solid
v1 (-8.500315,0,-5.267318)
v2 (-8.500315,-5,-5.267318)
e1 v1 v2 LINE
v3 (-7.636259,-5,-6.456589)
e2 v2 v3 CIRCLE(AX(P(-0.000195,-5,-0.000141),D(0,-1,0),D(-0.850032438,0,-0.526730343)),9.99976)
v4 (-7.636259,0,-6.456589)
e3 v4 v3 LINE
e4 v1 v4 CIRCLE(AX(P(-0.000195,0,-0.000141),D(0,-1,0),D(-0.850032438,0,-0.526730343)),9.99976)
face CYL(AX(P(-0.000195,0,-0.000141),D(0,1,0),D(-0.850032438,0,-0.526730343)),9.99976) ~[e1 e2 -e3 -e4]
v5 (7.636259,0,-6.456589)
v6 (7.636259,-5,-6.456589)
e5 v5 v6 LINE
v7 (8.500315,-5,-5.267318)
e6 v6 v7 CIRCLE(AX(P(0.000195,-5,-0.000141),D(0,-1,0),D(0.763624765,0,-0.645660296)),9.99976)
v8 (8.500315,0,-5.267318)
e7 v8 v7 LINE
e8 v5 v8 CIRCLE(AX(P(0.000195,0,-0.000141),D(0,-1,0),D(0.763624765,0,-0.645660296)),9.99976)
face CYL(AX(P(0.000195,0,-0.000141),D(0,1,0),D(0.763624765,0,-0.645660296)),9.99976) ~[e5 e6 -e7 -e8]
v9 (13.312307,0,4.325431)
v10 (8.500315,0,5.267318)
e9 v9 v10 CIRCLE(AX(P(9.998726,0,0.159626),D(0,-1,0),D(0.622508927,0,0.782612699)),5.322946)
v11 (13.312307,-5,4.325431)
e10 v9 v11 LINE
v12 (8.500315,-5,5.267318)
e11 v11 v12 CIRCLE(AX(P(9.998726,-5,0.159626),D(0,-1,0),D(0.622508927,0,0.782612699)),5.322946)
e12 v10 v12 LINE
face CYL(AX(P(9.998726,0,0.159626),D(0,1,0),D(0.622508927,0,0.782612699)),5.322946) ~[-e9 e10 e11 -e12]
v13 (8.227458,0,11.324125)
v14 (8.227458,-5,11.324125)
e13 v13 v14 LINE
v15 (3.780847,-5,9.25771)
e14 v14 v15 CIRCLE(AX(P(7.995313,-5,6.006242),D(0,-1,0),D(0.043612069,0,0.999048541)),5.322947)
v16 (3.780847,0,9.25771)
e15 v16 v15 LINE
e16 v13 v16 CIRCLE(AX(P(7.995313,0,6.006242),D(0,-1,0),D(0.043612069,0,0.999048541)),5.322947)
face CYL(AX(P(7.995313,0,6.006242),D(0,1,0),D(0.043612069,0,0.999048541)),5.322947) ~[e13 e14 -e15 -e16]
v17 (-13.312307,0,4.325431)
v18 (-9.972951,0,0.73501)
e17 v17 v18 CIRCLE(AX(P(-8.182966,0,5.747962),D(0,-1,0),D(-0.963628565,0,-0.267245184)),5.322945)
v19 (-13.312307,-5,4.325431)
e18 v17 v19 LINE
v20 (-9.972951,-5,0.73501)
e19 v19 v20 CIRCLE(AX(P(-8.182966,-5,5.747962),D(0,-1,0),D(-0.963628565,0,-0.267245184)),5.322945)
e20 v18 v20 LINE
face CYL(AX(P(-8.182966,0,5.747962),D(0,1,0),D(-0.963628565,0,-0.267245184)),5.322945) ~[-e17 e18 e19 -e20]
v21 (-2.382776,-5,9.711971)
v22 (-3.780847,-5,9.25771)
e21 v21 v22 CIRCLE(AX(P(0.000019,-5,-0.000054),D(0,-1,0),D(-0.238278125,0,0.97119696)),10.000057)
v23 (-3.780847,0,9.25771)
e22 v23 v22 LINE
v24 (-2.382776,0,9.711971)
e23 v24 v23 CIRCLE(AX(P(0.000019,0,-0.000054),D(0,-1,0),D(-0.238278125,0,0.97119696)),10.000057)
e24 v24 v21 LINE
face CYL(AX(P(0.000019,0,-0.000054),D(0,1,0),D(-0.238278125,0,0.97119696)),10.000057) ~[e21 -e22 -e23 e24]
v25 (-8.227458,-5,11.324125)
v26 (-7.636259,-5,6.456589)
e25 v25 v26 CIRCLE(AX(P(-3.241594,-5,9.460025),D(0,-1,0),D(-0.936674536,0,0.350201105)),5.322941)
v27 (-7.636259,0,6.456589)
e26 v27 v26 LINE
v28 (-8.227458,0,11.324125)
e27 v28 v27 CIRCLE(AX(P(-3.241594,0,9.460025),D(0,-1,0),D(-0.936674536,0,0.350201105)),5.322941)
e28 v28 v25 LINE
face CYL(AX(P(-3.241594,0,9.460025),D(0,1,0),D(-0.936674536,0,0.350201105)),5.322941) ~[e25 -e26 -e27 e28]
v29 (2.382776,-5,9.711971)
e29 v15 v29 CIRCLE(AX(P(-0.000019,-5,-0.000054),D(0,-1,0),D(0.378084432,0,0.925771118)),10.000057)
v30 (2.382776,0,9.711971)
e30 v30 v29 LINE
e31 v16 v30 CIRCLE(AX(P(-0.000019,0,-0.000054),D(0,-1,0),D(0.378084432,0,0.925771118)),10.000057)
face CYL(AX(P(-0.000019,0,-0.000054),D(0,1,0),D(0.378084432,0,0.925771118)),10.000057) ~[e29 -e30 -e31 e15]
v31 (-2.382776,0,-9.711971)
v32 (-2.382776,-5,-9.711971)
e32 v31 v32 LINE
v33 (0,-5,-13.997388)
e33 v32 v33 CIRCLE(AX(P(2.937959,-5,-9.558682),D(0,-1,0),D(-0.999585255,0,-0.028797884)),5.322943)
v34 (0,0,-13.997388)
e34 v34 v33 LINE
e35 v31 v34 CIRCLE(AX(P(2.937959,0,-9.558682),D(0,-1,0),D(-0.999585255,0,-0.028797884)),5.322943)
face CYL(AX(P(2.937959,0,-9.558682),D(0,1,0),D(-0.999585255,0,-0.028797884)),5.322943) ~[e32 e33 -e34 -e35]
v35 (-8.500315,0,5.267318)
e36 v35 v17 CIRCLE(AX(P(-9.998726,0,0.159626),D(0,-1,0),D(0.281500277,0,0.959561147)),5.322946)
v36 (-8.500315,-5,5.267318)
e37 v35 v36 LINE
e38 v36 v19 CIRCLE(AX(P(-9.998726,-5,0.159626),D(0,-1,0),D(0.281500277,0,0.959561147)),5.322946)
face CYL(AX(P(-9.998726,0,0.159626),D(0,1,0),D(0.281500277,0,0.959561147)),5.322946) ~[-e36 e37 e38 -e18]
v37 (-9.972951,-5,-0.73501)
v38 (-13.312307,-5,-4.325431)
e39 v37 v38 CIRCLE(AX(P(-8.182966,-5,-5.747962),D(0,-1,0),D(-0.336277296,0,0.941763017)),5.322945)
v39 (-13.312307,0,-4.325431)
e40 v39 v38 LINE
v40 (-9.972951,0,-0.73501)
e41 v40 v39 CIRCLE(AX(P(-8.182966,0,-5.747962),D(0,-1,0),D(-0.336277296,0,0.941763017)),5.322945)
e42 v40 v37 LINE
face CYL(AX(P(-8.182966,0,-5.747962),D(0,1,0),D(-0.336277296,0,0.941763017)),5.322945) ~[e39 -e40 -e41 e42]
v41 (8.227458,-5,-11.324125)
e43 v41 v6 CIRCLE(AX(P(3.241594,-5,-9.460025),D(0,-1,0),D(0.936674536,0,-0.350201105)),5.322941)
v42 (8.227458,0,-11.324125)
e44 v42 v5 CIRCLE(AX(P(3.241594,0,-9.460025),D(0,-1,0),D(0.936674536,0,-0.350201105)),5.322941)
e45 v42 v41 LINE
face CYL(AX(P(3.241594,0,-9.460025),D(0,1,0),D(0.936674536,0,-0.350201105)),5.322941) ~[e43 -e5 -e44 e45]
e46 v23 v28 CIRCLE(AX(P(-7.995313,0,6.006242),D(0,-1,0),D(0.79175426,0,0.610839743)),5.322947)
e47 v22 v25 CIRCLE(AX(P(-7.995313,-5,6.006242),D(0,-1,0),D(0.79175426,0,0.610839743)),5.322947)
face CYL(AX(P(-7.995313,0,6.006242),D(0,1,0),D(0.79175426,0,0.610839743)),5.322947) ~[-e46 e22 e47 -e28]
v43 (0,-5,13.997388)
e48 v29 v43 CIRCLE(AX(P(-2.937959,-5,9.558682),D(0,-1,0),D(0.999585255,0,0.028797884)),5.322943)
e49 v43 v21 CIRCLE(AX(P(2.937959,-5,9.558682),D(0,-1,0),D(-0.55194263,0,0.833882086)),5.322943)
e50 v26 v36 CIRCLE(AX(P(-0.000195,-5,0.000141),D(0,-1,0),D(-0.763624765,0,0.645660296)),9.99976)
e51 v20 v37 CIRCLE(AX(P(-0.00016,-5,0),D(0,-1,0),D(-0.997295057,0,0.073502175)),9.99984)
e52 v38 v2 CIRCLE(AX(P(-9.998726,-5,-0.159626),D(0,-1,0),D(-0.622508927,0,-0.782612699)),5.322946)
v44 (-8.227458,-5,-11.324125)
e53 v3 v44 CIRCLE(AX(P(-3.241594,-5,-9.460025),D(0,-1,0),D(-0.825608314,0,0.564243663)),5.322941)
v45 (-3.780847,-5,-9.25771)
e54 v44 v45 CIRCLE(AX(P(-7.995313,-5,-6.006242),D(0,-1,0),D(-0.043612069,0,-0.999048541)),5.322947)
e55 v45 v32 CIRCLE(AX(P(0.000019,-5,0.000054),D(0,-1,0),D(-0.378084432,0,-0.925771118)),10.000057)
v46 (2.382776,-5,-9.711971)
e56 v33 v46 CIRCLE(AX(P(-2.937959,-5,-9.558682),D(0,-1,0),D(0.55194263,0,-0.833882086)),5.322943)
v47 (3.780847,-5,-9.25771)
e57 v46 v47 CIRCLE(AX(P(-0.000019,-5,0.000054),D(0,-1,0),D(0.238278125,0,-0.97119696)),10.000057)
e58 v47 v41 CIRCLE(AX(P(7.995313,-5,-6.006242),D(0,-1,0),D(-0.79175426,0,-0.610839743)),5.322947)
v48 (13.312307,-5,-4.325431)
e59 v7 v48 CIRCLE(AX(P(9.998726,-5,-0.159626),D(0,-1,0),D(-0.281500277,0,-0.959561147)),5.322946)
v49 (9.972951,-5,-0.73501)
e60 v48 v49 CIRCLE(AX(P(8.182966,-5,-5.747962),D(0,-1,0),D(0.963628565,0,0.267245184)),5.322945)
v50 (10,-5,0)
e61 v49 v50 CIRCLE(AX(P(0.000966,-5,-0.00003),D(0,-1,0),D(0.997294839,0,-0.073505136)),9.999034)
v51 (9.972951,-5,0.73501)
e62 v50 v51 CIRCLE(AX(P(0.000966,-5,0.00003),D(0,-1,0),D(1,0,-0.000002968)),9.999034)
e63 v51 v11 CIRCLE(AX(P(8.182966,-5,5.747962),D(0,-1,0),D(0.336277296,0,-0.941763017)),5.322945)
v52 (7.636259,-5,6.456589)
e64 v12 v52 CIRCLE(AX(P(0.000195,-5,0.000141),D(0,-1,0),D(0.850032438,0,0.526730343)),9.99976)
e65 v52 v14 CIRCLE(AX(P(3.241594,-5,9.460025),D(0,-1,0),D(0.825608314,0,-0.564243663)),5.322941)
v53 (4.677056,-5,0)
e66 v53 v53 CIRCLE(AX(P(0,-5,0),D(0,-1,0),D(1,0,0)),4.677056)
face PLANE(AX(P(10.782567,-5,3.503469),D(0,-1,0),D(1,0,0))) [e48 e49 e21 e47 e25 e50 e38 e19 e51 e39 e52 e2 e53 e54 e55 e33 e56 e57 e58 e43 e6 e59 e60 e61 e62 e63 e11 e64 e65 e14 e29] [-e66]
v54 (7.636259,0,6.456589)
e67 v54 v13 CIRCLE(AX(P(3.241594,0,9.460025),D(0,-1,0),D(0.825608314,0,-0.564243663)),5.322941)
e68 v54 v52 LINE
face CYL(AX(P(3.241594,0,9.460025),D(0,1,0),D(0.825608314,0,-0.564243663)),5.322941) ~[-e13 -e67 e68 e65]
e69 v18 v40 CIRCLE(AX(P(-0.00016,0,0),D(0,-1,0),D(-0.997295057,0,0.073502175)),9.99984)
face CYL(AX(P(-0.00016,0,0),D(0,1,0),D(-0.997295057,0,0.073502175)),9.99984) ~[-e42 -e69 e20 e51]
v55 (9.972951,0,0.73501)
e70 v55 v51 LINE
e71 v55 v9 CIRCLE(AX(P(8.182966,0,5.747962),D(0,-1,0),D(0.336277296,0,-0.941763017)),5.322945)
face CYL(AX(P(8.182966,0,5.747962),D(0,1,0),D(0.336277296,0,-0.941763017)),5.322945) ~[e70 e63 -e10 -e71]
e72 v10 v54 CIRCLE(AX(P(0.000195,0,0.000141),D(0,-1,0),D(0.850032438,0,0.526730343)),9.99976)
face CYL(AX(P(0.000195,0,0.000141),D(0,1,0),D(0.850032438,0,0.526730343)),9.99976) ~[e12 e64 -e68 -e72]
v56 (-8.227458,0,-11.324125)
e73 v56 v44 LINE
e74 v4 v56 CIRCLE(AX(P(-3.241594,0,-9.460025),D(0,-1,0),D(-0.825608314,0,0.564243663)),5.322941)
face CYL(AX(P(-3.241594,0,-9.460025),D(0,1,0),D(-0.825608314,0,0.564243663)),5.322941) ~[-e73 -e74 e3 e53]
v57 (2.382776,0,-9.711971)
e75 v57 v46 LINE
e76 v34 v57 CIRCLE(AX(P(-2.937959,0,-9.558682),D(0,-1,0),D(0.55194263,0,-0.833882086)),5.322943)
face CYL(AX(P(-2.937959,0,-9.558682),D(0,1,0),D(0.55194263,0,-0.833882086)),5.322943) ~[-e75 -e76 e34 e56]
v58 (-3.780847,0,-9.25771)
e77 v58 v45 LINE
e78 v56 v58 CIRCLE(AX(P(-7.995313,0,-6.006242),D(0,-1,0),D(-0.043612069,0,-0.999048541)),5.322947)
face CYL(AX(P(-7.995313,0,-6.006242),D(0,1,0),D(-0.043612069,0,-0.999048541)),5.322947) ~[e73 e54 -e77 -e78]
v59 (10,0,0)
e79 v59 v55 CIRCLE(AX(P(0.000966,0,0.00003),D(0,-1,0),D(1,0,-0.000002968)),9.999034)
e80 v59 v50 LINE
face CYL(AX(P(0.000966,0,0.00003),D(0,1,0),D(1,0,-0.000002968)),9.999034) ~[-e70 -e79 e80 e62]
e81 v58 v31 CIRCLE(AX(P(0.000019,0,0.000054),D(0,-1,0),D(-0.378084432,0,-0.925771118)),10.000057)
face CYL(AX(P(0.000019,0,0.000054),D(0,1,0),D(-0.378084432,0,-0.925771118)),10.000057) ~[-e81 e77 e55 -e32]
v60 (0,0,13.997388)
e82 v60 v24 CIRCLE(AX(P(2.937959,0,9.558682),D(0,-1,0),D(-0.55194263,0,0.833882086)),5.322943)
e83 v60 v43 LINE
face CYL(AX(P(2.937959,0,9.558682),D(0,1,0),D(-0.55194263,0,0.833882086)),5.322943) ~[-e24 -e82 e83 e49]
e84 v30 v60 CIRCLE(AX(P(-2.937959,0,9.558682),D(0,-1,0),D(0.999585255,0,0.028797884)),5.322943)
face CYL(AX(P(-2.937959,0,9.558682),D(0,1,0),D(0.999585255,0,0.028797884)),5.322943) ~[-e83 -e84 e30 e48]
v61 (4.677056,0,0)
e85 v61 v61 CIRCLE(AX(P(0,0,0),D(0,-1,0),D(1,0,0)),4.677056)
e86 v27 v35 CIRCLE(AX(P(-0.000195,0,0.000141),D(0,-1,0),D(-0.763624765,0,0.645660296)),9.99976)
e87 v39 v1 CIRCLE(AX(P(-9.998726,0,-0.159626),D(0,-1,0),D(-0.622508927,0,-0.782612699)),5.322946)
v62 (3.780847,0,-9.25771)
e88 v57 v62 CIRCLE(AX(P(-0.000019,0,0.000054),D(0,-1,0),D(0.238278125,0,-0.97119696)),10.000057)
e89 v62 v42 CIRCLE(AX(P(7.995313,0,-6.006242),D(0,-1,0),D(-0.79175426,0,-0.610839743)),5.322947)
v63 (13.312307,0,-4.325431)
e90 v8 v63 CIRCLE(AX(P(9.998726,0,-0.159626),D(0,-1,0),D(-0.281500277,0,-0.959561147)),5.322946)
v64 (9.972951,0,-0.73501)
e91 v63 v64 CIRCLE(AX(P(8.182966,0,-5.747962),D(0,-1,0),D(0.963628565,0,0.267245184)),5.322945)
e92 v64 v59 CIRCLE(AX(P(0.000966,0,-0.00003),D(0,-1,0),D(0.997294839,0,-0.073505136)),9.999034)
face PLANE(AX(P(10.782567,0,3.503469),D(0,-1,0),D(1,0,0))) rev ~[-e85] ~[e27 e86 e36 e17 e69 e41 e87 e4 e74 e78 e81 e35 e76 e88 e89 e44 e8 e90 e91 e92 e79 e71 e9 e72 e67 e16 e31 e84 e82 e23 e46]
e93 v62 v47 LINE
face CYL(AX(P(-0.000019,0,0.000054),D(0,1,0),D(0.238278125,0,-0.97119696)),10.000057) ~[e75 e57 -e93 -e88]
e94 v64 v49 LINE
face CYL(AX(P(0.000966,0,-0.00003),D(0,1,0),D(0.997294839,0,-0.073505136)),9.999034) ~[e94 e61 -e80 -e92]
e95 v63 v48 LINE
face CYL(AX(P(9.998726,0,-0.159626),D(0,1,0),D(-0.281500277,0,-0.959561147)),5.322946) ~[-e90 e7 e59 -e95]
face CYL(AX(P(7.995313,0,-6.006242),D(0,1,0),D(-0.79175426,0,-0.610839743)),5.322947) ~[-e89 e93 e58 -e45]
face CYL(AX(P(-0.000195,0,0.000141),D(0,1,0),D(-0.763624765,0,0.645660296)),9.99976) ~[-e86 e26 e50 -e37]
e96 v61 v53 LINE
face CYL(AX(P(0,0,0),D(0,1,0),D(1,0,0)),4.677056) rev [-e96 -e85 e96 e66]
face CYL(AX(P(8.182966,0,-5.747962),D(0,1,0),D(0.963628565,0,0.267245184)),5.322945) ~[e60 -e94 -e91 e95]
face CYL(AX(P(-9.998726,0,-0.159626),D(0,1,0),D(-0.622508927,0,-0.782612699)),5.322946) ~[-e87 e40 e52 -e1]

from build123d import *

# Parameters (mm, degrees)
F0_R     = 4.677056
F1_DEPTH = 5


with BuildPart() as f1:
    # F0 (on Front) → F1 (new body)
    with BuildSketch(Plane.XZ):
        with BuildLine():
            ThreePointArc((8.500315, 5.267318), (9.510565, 3.09017), (9.972951, 0.73501))
            ThreePointArc((9.972951, 0.73501), (12.080664, 2.122816), (13.312307, 4.325431))
            ThreePointArc((13.312307, 4.325431), (11.021222, 5.383442), (8.500315, 5.267318))
        make_face()
        with BuildLine():
            ThreePointArc((3.780847, 9.25771), (5.877853, 8.09017), (7.636259, 6.456589))
            ThreePointArc((7.636259, 6.456589), (8.525703, 8.81823), (8.227458, 11.324125))
            ThreePointArc((8.227458, 11.324125), (5.752048, 10.833408), (3.780847, 9.25771))
        make_face()
        with BuildLine():
            ThreePointArc((-2.382776, 9.711971), (0, 10), (2.382776, 9.711971))
            ThreePointArc((2.382776, 9.711971), (1.714213, 12.145381), (0, 13.997388))
            ThreePointArc((0, 13.997388), (-1.714213, 12.145381), (-2.382776, 9.711971))
        make_face()
        with BuildLine():
            ThreePointArc((-7.636259, 6.456589), (-5.877853, 8.09017), (-3.780847, 9.25771))
            ThreePointArc((-3.780847, 9.25771), (-5.752048, 10.833408), (-8.227458, 11.324125))
            ThreePointArc((-8.227458, 11.324125), (-8.525703, 8.81823), (-7.636259, 6.456589))
        make_face()
        with BuildLine():
            ThreePointArc((-9.972951, 0.73501), (-9.510565, 3.09017), (-8.500315, 5.267318))
            ThreePointArc((-8.500315, 5.267318), (-11.021222, 5.383442), (-13.312307, 4.325431))
            ThreePointArc((-13.312307, 4.325431), (-12.080664, 2.122816), (-9.972951, 0.73501))
        make_face()
        with BuildLine():
            ThreePointArc((-13.312307, -4.325431), (-11.021222, -5.383442), (-8.500315, -5.267318))
            ThreePointArc((-8.500315, -5.267318), (-9.510565, -3.09017), (-9.972951, -0.73501))
            ThreePointArc((-9.972951, -0.73501), (-12.080664, -2.122816), (-13.312307, -4.325431))
        make_face()
        with BuildLine():
            ThreePointArc((-8.227458, -11.324125), (-5.752048, -10.833408), (-3.780847, -9.25771))
            ThreePointArc((-3.780847, -9.25771), (-5.877853, -8.09017), (-7.636259, -6.456589))
            ThreePointArc((-7.636259, -6.456589), (-8.525703, -8.81823), (-8.227458, -11.324125))
        make_face()
        with BuildLine():
            ThreePointArc((0, -13.997388), (1.714213, -12.145381), (2.382776, -9.711971))
            ThreePointArc((2.382776, -9.711971), (0, -10), (-2.382776, -9.711971))
            ThreePointArc((-2.382776, -9.711971), (-1.714213, -12.145381), (0, -13.997388))
        make_face()
        with BuildLine():
            ThreePointArc((8.227458, -11.324125), (8.525703, -8.81823), (7.636259, -6.456589))
            ThreePointArc((7.636259, -6.456589), (5.877853, -8.09017), (3.780847, -9.25771))
            ThreePointArc((3.780847, -9.25771), (5.752048, -10.833408), (8.227458, -11.324125))
        make_face()
        with BuildLine():
            ThreePointArc((13.312307, -4.325431), (12.080664, -2.122816), (9.972951, -0.73501))
            ThreePointArc((9.972951, -0.73501), (9.510565, -3.09017), (8.500315, -5.267318))
            ThreePointArc((8.500315, -5.267318), (11.021222, -5.383442), (13.312307, -4.325431))
        make_face()
        with BuildLine():
            ThreePointArc((9.972951, -0.73501), (9.993236, -0.367754), (10, 0))
            ThreePointArc((10, 0), (9.993236, 0.367754), (9.972951, 0.73501))
            ThreePointArc((9.972951, 0.73501), (9.510565, 3.09017), (8.500315, 5.267318))
            ThreePointArc((8.500315, 5.267318), (8.09017, 5.877853), (7.636259, 6.456589))
            ThreePointArc((7.636259, 6.456589), (5.877853, 8.09017), (3.780847, 9.25771))
            ThreePointArc((3.780847, 9.25771), (3.09017, 9.510565), (2.382776, 9.711971))
            ThreePointArc((2.382776, 9.711971), (0, 10), (-2.382776, 9.711971))
            ThreePointArc((-2.382776, 9.711971), (-3.09017, 9.510565), (-3.780847, 9.25771))
            ThreePointArc((-3.780847, 9.25771), (-5.877853, 8.09017), (-7.636259, 6.456589))
            ThreePointArc((-7.636259, 6.456589), (-8.09017, 5.877853), (-8.500315, 5.267318))
            ThreePointArc((-8.500315, 5.267318), (-9.510565, 3.09017), (-9.972951, 0.73501))
            ThreePointArc((-9.972951, 0.73501), (-10, 0), (-9.972951, -0.73501))
            ThreePointArc((-9.972951, -0.73501), (-9.510565, -3.09017), (-8.500315, -5.267318))
            ThreePointArc((-8.500315, -5.267318), (-8.09017, -5.877853), (-7.636259, -6.456589))
            ThreePointArc((-7.636259, -6.456589), (-5.877853, -8.09017), (-3.780847, -9.25771))
            ThreePointArc((-3.780847, -9.25771), (-3.09017, -9.510565), (-2.382776, -9.711971))
            ThreePointArc((-2.382776, -9.711971), (0, -10), (2.382776, -9.711971))
            ThreePointArc((2.382776, -9.711971), (3.09017, -9.510565), (3.780847, -9.25771))
            ThreePointArc((3.780847, -9.25771), (5.877853, -8.09017), (7.636259, -6.456589))
            ThreePointArc((7.636259, -6.456589), (8.09017, -5.877853), (8.500315, -5.267318))
            ThreePointArc((8.500315, -5.267318), (9.510565, -3.09017), (9.972951, -0.73501))
        make_face()
        Circle(F0_R, mode=Mode.SUBTRACT)
    extrude(amount=F1_DEPTH)


solid = f1.part
